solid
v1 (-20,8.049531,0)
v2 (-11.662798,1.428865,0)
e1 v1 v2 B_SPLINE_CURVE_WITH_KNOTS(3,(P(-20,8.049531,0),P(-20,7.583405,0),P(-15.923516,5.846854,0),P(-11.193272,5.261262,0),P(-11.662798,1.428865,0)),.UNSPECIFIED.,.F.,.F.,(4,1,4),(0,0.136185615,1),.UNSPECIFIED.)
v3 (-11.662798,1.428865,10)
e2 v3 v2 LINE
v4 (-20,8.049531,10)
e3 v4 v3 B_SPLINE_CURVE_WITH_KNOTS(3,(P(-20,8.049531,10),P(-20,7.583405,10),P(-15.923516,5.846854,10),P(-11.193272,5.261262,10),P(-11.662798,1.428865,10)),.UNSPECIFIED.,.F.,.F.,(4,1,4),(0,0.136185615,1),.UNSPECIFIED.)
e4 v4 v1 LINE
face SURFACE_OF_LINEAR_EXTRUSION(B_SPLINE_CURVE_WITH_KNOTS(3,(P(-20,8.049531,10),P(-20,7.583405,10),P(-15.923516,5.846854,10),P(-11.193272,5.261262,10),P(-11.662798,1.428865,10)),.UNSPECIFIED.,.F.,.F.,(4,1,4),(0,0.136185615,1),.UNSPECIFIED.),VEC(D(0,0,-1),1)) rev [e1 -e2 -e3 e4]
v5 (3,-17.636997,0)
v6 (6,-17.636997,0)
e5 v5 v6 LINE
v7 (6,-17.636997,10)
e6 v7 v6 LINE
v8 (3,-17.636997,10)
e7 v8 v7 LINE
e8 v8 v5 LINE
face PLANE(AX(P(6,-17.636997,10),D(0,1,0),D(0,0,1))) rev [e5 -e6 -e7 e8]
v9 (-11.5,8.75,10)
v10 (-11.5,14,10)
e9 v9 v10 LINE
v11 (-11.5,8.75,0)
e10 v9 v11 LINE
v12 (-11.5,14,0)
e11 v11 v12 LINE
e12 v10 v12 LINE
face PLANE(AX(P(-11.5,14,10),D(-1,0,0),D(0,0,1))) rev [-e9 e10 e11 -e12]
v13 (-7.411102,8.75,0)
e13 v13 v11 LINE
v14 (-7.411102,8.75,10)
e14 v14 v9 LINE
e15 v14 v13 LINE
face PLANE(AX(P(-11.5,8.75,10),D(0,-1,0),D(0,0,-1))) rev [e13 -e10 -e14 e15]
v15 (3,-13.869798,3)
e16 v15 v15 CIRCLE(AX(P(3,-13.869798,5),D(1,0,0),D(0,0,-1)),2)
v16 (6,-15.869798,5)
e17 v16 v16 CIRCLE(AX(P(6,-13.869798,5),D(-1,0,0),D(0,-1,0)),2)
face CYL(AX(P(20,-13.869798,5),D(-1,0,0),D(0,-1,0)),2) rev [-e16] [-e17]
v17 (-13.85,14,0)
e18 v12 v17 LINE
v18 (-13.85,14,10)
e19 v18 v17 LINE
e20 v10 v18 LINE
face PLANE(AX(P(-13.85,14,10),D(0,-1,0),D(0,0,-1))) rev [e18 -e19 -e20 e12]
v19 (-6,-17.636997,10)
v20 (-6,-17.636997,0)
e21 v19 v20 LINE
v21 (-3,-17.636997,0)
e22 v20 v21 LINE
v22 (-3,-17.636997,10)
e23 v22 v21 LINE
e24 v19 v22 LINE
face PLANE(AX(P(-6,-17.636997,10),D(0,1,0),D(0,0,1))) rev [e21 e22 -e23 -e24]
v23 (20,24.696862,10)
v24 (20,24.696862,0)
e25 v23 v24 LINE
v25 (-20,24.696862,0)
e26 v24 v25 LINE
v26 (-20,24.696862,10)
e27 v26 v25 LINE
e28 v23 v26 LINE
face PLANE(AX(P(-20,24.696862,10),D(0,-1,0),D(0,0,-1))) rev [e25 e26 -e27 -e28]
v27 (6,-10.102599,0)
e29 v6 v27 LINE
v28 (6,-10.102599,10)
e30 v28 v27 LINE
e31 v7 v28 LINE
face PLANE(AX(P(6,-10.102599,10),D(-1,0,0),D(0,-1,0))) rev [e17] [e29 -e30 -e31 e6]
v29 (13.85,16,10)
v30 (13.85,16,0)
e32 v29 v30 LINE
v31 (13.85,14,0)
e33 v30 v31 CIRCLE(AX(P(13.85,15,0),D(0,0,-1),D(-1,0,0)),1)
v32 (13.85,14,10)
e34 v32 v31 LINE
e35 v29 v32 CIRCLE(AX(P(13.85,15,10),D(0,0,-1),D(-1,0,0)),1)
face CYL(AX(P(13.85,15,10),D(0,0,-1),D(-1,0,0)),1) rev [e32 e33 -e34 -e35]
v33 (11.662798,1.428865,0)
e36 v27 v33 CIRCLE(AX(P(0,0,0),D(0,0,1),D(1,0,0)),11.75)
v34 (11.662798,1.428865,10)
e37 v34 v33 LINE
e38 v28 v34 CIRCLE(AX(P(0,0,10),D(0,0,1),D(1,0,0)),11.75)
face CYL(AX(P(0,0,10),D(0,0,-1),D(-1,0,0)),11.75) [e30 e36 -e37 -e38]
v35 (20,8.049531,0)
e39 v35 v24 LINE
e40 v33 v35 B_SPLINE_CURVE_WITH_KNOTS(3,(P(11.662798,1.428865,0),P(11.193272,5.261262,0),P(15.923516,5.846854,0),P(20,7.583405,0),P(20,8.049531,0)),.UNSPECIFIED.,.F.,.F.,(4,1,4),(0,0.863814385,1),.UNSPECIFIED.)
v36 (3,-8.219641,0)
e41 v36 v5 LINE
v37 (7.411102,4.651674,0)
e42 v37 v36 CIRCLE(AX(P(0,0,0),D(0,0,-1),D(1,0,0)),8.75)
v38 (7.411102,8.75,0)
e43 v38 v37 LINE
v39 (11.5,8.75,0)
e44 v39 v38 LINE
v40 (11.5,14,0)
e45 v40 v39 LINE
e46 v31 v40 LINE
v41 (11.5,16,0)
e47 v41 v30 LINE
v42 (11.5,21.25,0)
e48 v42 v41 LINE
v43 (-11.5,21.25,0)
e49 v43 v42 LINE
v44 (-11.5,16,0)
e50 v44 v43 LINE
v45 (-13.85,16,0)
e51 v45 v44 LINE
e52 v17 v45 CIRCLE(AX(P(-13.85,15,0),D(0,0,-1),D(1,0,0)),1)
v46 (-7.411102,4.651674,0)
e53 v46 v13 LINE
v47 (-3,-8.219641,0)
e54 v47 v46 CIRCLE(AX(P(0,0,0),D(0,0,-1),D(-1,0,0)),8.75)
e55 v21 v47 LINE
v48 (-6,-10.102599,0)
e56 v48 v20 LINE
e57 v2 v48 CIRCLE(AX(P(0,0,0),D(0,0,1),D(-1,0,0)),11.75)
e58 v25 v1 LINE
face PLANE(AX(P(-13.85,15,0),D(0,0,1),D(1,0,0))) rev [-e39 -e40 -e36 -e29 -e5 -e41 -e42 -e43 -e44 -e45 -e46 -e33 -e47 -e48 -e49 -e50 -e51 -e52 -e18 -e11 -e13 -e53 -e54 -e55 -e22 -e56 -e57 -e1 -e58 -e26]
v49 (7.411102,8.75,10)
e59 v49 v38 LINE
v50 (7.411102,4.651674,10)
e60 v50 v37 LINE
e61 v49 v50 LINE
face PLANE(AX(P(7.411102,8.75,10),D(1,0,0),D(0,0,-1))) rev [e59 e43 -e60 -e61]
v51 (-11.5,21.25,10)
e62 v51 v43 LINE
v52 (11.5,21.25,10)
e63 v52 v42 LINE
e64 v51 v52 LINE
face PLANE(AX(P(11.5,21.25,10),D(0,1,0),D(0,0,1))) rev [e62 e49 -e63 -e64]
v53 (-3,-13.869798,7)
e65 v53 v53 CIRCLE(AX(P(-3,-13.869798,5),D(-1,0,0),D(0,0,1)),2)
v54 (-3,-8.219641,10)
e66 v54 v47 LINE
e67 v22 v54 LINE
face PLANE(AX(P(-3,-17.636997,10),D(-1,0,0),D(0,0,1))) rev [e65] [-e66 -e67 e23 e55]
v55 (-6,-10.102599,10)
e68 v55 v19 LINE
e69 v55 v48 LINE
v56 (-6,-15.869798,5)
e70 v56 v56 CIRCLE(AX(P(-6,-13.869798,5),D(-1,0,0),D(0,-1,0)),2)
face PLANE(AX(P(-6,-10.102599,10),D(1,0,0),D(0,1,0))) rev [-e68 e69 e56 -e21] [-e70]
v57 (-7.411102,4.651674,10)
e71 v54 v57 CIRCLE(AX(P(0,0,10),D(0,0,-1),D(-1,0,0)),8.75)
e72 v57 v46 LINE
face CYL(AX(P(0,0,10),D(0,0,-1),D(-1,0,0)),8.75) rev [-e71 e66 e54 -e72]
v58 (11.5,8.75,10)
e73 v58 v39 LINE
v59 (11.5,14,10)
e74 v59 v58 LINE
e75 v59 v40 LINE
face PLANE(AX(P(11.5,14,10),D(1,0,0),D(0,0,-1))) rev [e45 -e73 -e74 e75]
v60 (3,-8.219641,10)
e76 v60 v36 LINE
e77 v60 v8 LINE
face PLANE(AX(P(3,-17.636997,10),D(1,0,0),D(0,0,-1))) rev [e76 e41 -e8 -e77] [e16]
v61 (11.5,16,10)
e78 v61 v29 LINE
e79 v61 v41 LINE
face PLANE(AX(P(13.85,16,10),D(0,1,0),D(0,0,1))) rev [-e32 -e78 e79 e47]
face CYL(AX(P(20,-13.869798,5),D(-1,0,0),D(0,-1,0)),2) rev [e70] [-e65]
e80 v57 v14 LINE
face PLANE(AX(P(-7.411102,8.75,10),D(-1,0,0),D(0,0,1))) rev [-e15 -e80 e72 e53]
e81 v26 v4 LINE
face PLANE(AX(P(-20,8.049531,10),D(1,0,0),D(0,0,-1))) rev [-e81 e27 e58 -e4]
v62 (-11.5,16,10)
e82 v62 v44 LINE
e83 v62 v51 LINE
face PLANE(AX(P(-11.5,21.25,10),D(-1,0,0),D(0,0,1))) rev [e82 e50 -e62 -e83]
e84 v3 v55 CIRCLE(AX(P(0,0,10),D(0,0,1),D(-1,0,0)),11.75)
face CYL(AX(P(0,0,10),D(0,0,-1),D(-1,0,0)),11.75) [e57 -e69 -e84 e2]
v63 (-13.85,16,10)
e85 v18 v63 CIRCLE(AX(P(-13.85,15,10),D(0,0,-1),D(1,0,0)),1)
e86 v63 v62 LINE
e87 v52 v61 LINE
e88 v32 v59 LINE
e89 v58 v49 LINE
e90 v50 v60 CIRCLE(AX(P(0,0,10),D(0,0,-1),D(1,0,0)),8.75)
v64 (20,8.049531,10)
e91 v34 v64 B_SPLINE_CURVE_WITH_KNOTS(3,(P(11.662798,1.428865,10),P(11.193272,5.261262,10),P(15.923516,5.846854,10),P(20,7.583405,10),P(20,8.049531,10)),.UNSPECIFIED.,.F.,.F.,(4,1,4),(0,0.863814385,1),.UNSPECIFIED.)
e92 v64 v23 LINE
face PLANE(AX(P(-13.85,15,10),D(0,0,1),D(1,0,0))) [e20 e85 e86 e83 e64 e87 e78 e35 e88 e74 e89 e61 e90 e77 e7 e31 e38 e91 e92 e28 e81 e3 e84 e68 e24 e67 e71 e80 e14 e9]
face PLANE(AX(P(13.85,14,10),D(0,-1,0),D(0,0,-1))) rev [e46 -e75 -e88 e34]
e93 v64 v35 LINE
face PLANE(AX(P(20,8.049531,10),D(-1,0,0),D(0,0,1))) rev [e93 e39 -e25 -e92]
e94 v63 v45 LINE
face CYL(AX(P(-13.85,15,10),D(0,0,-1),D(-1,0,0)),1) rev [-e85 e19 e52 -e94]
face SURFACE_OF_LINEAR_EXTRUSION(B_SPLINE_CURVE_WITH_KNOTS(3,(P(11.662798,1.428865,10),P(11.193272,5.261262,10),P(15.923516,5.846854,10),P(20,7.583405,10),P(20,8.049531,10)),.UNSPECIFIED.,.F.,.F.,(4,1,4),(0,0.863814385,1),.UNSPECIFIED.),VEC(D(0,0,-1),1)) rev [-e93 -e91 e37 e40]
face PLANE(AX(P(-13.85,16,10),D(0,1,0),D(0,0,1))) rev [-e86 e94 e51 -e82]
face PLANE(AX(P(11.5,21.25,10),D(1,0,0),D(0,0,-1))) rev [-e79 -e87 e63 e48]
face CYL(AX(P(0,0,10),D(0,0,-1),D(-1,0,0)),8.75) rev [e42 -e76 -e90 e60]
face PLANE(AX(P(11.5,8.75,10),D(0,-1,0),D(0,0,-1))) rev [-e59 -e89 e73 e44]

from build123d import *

# Parameters (mm, degrees)
SALIENTE_EXTRUIR1_DEPTH = 10
CROQUIS2_R              = 2
CORTAR_EXTRUIR1_DEPTH   = 27.0000001


with BuildPart() as part:
    # Croquis1 → Saliente-Extruir1 (new body)
    with BuildSketch(Plane.XY):
        with BuildLine():
            Line((11.5, 21.25), (-11.5, 21.25))
            Line((-11.5, 21.25), (-11.5, 16))
            Line((-11.5, 16), (-13.85, 16))
            ThreePointArc((-13.85, 16), (-14.85, 15), (-13.85, 14))
            Line((-13.85, 14), (-11.5, 14))
            Line((-11.5, 14), (-11.5, 8.75))
            Line((-11.5, 8.75), (-7.411101784, 8.75))
            Line((-7.411101784, 8.75), (-7.411101784, 4.65167393))
            ThreePointArc((-7.411101784, 4.65167393), (-8.277405862, -2.836732661), (-3, -8.219641111))
            Line((-3, -8.219641111), (-3, -17.636996672))
            Line((-3, -17.636996672), (-6, -17.636996672))
            Line((-6, -17.636996672), (-6, -10.102598676))
            ThreePointArc((-6, -10.102598676), (-10.54690786, -5.179308313), (-11.662797517, 1.428864608))
            add(Edge.make_bspline(
                [(-20, 8.049530511), (-20, 7.583404659), (-15.923516269, 5.846853582), (-11.193272378, 5.261261744), (-11.662797517, 1.428864608)],
                knots=[0, 0, 0, 0, 0.136185615, 1, 1, 1, 1], degree=3))
            Line((-20, 8.049530511), (-20, 24.696862388))
            Line((-20, 24.696862388), (20, 24.696862388))
            Line((20, 24.696862388), (20, 8.049530511))
            add(Edge.make_bspline(
                [(20, 8.049530511), (20, 7.583404659), (15.923516269, 5.846853582), (11.193272378, 5.261261744), (11.662797517, 1.428864608)],
                knots=[0, 0, 0, 0, 0.136185615, 1, 1, 1, 1], degree=3))
            ThreePointArc((11.662797517, 1.428864608), (10.54690786, -5.179308313), (6, -10.102598676))
            Line((6, -10.102598676), (6, -17.636996672))
            Line((6, -17.636996672), (3, -17.636996672))
            Line((3, -17.636996672), (3, -8.219641111))
            ThreePointArc((3, -8.219641111), (8.277405862, -2.836732661), (7.411101784, 4.65167393))
            Line((7.411101784, 4.65167393), (7.411101784, 8.75))
            Line((7.411101784, 8.75), (11.5, 8.75))
            Line((11.5, 8.75), (11.5, 14))
            Line((11.5, 14), (13.85, 14))
            ThreePointArc((13.85, 14), (14.85, 15), (13.85, 16))
            Line((13.85, 16), (11.5, 16))
            Line((11.5, 16), (11.5, 21.25))
        make_face()
    extrude(amount=SALIENTE_EXTRUIR1_DEPTH)

    # Croquis2 → Cortar-Extruir1 (cut, through all)
    with BuildSketch(Plane.ZY.offset(6)):
        with Locations((5, -13.869797674)):
            Circle(CROQUIS2_R)
    extrude(amount=-CORTAR_EXTRUIR1_DEPTH, mode=Mode.SUBTRACT)


solid = part.part
